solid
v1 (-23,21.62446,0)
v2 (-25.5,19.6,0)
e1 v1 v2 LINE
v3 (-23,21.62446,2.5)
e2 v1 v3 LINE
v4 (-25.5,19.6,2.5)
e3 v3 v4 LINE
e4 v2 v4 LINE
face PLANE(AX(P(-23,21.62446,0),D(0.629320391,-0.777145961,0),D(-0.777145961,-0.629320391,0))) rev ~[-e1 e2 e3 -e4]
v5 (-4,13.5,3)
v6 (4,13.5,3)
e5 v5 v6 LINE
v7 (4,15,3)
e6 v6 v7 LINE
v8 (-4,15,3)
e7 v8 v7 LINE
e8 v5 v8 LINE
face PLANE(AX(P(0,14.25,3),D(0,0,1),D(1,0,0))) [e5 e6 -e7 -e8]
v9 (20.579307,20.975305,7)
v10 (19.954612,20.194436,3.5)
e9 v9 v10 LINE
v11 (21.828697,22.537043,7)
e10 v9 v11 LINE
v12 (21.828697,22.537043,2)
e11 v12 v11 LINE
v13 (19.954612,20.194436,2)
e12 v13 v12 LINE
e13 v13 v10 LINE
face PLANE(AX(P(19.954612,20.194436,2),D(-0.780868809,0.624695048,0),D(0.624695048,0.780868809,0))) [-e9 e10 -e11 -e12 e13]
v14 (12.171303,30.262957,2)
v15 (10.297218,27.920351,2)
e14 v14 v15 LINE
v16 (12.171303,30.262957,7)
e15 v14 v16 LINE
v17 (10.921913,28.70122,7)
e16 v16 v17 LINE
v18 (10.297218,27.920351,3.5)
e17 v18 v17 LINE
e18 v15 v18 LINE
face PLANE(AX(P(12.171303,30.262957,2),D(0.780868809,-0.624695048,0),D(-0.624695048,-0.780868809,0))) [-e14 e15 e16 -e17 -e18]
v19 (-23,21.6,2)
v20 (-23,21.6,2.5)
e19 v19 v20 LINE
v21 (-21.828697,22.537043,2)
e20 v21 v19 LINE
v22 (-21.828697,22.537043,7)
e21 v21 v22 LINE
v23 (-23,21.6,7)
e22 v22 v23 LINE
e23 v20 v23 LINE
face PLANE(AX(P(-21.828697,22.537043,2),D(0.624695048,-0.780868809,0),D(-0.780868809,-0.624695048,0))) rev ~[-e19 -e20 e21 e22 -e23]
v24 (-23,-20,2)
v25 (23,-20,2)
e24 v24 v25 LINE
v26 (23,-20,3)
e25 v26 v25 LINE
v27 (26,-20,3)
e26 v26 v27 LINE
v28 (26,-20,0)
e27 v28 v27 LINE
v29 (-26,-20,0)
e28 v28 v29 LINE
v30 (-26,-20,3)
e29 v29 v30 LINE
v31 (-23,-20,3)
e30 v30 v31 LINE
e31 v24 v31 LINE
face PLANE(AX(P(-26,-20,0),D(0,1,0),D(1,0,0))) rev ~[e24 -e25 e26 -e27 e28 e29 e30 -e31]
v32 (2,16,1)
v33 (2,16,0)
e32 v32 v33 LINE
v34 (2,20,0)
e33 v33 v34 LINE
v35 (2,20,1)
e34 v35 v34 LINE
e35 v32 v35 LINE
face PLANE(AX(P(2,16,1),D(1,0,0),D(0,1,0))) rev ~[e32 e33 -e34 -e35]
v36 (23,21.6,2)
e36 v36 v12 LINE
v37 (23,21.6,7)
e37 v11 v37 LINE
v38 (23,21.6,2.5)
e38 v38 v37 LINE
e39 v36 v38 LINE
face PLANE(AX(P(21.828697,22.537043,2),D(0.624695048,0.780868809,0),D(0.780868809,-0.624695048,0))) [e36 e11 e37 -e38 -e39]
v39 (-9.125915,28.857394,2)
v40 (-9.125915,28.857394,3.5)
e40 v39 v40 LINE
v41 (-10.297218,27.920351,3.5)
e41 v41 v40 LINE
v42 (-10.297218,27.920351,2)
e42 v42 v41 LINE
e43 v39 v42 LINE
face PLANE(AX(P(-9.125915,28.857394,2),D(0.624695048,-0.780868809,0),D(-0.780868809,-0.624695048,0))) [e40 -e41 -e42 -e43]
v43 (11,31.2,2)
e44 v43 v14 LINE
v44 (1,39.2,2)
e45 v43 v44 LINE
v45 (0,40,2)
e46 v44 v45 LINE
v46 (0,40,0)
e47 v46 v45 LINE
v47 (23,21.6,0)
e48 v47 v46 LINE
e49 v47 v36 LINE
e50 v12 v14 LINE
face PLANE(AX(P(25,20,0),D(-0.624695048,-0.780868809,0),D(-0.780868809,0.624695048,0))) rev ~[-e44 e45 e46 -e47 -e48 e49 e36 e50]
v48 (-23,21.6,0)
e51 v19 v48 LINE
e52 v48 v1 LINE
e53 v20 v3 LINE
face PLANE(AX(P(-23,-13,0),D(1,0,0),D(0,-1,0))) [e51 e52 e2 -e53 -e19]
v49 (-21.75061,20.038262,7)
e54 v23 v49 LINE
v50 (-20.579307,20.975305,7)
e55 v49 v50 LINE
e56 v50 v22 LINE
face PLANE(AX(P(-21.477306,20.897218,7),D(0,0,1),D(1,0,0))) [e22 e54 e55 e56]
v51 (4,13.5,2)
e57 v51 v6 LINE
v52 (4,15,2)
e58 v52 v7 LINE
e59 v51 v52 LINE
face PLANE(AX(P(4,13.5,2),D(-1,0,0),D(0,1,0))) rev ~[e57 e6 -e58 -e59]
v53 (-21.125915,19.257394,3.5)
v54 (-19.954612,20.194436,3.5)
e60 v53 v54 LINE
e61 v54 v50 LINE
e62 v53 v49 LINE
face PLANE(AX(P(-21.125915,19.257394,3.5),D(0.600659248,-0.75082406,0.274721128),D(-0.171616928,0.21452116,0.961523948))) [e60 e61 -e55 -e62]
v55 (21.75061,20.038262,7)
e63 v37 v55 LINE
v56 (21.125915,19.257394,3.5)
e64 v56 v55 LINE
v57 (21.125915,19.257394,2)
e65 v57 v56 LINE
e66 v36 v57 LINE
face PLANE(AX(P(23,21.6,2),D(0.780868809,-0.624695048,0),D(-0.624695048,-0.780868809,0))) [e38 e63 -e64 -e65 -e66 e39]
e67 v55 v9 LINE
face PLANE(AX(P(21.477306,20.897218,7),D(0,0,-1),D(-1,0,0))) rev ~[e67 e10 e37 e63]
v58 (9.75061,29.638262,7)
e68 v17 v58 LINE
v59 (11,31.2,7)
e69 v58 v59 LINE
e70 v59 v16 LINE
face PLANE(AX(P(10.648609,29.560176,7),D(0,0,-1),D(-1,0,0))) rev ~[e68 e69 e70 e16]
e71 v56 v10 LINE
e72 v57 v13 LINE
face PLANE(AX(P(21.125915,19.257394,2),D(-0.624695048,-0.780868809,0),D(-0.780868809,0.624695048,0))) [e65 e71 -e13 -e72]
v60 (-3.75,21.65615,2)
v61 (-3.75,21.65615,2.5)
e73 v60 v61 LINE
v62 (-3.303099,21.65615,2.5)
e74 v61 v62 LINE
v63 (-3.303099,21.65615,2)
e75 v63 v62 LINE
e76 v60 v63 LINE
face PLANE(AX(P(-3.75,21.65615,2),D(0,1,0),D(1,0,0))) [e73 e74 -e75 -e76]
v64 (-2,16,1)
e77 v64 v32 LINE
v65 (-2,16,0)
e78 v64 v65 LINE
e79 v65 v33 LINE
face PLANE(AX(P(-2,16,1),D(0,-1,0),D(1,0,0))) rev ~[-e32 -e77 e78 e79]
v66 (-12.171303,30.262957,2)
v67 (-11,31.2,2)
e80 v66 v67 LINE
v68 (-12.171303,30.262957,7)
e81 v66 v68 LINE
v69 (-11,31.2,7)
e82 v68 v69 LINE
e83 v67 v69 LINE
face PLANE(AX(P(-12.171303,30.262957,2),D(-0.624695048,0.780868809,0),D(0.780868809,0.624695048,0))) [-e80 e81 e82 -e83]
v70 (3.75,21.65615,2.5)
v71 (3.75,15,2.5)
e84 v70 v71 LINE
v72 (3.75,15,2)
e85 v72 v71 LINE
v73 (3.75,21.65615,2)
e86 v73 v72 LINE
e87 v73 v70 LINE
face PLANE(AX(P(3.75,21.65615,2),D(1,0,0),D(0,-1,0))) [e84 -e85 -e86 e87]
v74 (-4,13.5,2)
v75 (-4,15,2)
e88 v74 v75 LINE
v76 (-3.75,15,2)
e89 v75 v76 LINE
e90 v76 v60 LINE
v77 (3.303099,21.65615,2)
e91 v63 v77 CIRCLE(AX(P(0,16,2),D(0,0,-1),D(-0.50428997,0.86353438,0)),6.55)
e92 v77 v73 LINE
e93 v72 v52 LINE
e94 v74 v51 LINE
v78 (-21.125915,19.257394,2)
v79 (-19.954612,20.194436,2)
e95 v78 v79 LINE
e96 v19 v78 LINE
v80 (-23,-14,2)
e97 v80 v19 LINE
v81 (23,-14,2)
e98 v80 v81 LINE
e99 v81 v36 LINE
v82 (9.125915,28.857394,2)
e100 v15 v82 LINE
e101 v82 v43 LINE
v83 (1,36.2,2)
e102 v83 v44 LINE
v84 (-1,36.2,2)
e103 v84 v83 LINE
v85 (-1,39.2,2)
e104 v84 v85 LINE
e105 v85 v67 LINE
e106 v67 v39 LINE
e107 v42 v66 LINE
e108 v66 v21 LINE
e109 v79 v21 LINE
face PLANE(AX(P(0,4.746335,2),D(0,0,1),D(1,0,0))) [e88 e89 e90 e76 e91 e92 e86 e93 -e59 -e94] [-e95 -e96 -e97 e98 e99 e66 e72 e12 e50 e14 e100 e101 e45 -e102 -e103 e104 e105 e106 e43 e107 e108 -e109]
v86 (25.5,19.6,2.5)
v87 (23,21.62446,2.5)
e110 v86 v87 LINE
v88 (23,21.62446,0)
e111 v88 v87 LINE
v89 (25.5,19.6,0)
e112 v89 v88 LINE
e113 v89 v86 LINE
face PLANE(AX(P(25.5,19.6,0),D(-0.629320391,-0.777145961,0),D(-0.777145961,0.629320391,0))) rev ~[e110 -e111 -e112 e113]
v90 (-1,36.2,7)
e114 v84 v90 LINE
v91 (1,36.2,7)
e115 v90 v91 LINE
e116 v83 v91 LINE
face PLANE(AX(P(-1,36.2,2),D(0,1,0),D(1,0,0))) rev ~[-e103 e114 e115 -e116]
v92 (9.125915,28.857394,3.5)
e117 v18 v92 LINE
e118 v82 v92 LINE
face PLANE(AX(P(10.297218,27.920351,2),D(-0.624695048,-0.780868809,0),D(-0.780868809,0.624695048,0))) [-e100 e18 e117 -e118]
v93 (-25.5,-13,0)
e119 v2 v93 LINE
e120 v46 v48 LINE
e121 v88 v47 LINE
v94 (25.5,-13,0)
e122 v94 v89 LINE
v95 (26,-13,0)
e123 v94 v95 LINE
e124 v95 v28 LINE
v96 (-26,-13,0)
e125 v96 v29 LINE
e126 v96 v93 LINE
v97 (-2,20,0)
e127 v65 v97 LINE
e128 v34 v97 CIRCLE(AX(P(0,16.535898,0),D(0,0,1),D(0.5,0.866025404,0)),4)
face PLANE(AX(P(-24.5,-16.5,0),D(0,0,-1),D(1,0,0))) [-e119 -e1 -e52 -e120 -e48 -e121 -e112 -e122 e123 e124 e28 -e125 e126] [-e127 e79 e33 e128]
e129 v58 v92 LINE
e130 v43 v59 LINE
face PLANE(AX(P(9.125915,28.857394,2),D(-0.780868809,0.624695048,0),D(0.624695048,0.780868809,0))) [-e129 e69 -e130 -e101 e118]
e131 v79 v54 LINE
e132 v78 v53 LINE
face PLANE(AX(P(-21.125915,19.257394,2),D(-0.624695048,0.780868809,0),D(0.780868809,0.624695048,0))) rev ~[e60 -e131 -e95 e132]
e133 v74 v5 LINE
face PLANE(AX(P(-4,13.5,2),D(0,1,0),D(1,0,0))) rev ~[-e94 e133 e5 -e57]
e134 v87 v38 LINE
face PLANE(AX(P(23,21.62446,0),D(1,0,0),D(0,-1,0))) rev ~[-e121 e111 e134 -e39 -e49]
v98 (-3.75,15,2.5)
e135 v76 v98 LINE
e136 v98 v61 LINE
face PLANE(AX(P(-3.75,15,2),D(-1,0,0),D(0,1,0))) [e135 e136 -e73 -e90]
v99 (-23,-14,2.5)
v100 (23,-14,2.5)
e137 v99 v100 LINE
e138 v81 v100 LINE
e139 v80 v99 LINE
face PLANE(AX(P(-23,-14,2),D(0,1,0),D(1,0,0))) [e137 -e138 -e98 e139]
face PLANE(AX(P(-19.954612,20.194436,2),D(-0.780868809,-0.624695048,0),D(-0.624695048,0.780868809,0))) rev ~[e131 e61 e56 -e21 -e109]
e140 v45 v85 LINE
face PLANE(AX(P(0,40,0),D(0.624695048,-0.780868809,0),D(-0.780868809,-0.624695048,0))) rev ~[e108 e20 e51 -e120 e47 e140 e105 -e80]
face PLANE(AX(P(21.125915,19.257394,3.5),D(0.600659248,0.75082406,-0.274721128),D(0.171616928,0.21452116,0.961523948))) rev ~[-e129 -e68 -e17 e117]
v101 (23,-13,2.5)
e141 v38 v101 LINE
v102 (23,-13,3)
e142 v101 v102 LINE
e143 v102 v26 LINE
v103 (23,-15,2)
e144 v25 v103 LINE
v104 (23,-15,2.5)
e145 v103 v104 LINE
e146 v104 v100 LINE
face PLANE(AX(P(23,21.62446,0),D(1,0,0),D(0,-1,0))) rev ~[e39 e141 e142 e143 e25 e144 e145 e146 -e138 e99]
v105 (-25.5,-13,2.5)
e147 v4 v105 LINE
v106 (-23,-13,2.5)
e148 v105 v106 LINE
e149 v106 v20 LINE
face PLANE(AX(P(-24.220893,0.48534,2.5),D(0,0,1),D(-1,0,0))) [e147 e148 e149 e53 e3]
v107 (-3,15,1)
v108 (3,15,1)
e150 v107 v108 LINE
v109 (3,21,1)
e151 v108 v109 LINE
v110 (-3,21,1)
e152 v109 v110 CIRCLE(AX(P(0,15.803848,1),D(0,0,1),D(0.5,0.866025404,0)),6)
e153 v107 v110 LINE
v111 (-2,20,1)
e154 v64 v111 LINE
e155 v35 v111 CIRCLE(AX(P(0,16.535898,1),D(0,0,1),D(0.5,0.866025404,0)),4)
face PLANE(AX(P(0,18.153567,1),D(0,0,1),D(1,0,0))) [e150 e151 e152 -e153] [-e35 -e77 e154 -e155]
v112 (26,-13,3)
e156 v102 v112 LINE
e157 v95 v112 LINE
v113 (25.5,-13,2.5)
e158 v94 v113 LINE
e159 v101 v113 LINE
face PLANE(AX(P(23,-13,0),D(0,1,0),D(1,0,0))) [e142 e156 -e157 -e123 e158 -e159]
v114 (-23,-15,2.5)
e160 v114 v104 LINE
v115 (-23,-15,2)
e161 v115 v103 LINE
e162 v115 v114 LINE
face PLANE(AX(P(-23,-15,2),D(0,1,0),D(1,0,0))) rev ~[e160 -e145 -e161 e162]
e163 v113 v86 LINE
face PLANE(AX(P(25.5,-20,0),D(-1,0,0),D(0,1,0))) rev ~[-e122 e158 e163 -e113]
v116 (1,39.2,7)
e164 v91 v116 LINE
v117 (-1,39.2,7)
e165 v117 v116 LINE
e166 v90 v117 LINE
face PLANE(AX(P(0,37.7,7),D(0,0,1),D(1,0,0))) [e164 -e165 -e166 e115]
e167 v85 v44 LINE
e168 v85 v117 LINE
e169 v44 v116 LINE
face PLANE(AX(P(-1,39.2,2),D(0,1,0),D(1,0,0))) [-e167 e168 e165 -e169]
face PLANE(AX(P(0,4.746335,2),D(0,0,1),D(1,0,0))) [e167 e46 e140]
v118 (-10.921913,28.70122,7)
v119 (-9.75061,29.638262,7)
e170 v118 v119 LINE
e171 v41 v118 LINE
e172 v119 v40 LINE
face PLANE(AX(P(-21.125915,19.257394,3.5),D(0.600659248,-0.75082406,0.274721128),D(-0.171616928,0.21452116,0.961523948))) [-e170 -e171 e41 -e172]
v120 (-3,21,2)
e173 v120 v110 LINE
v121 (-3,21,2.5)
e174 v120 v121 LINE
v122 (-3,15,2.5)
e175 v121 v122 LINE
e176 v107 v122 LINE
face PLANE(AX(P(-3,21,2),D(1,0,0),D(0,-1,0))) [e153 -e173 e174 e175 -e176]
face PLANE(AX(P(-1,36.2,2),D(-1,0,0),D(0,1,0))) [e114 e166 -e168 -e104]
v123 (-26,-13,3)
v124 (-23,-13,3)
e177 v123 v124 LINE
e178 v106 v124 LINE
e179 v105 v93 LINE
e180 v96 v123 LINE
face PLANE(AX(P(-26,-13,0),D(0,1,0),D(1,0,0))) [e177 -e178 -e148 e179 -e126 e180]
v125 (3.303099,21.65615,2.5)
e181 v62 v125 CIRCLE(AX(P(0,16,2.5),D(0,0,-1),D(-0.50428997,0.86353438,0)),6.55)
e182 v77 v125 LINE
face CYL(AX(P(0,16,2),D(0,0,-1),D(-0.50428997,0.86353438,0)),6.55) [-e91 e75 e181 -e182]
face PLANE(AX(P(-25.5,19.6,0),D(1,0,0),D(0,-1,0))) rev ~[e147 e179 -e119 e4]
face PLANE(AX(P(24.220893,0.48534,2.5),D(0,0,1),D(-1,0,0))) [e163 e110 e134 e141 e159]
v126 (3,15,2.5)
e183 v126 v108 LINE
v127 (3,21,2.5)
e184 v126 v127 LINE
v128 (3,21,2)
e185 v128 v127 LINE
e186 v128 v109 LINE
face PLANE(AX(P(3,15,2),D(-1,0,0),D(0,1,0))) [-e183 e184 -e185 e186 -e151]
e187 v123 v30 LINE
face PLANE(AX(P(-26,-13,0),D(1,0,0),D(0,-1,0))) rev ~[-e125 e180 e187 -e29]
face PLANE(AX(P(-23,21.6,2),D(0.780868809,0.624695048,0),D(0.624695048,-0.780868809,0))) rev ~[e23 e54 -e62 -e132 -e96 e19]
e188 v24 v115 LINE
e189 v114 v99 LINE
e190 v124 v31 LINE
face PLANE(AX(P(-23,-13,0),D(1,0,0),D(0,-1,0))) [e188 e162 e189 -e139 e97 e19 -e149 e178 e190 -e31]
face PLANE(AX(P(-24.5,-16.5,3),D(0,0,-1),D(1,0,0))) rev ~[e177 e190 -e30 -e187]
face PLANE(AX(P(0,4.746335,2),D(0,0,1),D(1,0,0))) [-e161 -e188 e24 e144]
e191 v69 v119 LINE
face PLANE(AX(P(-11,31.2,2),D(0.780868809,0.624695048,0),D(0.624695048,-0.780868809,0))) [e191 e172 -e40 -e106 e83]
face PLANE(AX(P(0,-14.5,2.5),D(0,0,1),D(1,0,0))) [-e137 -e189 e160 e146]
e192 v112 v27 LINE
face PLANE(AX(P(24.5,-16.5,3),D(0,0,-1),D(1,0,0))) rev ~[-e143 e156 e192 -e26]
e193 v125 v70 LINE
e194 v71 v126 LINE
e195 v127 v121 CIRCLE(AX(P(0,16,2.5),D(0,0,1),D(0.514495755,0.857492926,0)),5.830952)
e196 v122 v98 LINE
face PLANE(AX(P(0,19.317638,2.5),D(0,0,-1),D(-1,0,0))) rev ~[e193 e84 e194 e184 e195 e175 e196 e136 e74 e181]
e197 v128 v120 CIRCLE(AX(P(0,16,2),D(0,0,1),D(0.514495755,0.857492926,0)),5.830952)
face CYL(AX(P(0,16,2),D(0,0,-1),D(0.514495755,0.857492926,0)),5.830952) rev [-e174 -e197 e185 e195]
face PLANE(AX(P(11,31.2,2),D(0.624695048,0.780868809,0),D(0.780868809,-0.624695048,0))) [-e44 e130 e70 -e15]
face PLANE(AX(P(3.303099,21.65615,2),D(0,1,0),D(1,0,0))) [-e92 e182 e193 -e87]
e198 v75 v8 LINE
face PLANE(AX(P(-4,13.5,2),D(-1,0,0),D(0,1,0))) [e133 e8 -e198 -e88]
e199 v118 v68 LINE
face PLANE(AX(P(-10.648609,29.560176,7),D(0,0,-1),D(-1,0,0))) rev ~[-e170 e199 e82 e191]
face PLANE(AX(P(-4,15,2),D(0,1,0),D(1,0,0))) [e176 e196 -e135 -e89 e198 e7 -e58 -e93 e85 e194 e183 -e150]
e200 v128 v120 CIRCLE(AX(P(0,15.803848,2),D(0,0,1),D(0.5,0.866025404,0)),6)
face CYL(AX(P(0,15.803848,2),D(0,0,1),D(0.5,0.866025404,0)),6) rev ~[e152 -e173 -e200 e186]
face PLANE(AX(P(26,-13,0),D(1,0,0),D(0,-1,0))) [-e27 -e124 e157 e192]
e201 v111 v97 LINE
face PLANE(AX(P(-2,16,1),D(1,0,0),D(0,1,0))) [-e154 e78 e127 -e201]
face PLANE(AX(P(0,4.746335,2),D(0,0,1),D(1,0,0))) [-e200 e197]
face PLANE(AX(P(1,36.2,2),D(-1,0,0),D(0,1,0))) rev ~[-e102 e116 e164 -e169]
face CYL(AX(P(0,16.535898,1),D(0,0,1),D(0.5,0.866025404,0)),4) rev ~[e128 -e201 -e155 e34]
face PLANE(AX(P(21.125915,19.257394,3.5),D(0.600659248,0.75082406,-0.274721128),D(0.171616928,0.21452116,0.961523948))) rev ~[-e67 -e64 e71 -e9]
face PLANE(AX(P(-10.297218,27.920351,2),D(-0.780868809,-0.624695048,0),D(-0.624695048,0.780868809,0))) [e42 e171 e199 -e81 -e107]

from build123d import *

# Parameters (mm, degrees)
PAD_DEPTH       = 2
POCKET_DEPTH    = 1
POCKET001_DEPTH = 5
SKETCH003_W     = 8
SKETCH003_H     = 1.5
PAD001_DEPTH    = 1
SKETCH006_W     = 3
SKETCH006_H     = 7
PAD004_DEPTH    = 3
PAD005_DEPTH    = 2.5
SKETCH008_W     = 46
SKETCH008_H     = 1
PAD006_DEPTH    = 0.5
PAD008_DEPTH    = 0.5
SKETCH013_W     = 2
SKETCH013_H     = 3.0000000001
PAD009_DEPTH    = 5
POCKET002_DEPTH = 20
POCKET003_DEPTH = 20


with BuildPart() as part:
    # Sketch → Pad (new body)
    with BuildSketch(Plane.XY):
        Polygon((-25, -20), (25, -20), (25, 20), (0, 40), (-25, 20), align=None)
    extrude(amount=PAD_DEPTH)

    # Sketch001 → Pocket (cut)
    with BuildSketch(Plane.XY.offset(2)):
        with BuildLine():
            Line((-3, 15), (3, 15))
            Line((3, 15), (3, 21))
            ThreePointArc((3, 21), (0, 21.8038475773), (-3, 21))
            Line((-3, 15), (-3, 21))
        make_face()
    extrude(amount=-POCKET_DEPTH, mode=Mode.SUBTRACT)

    # Sketch002 → Pocket001 (cut)
    with BuildSketch(Plane.XY.offset(1)):
        with BuildLine():
            Line((-2, 16), (2, 16))
            Line((2, 16), (2, 20))
            ThreePointArc((2, 20), (0, 20.5358983849), (-2, 20))
            Line((-2, 16), (-2, 20))
        make_face()
    extrude(amount=-POCKET001_DEPTH, mode=Mode.SUBTRACT)

    # Sketch003 → Pad001 (new body)
    with BuildSketch(Plane.XY.offset(2)):
        with Locations((0, 14.25)):
            Rectangle(SKETCH003_W, SKETCH003_H)
    extrude(amount=PAD001_DEPTH)

    # Sketch006 → Pad004 (new body)
    with BuildSketch(Plane(origin=(0, 0, 0), x_dir=(1, 0, 0), z_dir=(0, 0, -1))):
        with Locations((-24.5, 16.5)):
            Rectangle(SKETCH006_W, SKETCH006_H)
        with Locations((24.5, 16.5)):
            Rectangle(SKETCH006_W, SKETCH006_H)
    extrude(amount=-PAD004_DEPTH)

    # Sketch007 → Pad005 (new body)
    with BuildSketch(Plane(origin=(0, 0, 0), x_dir=(1, 0, 0), z_dir=(0, 0, -1))):
        Polygon((-25.5, 20), (-23, 20), (-23, -21.624460083), (-25.5, -19.6), align=None)
        Polygon((23, 20), (25.5, 20), (25.5, -19.6), (23, -21.624460083), align=None)
    extrude(amount=-PAD005_DEPTH)

    # Sketch008 → Pad006 (new body)
    with BuildSketch(Plane.XY.offset(2)):
        with Locations((0, -14.5)):
            Rectangle(SKETCH008_W, SKETCH008_H)
    extrude(amount=PAD006_DEPTH)

    # Sketch012 → Pad008 (new body)
    with BuildSketch(Plane.XY.offset(2)):
        with BuildLine():
            Line((3.3030993045, 21.6561501911), (3.75, 21.6561501911))
            Line((3.75, 21.6561501911), (3.75, 15))
            Line((3.75, 15), (3, 15))
            Line((3, 15), (3, 21))
            ThreePointArc((3, 21), (0, 21.8309518948), (-3, 21))
            Line((-3, 21), (-3, 15))
            Line((-3, 15), (-3.75, 15))
            Line((-3.75, 15), (-3.75, 21.6561501911))
            Line((-3.75, 21.6561501911), (-3.3030993046, 21.6561501911))
            ThreePointArc((-3.3030993046, 21.6561501911), (0, 22.55), (3.3030993045, 21.6561501911))
        make_face()
    extrude(amount=PAD008_DEPTH)

    # Sketch013 → Pad009 (new body)
    with BuildSketch(Plane.XY.offset(2)):
        Polygon((-23, 21.6), (-21.1259148573, 19.2573935717), (-19.9546116432, 20.194436143), (-21.8286967858, 22.5370425713), align=None)
        Polygon((-12.1713032142, 30.2629574287), (-11, 31.2), (-9.1259148573, 28.8573935717), (-10.2972180715, 27.9203510003), align=None)
        with Locations((0, 37.7)):
            Rectangle(SKETCH013_W, SKETCH013_H)
        Polygon((11, 31.2), (12.1713032142, 30.2629574287), (10.2972180715, 27.9203510003), (9.1259148573, 28.8573935717), align=None)
        Polygon((21.8286967858, 22.5370425713), (23, 21.6), (21.1259148573, 19.2573935717), (19.9546116432, 20.194436143), align=None)
    extrude(amount=PAD009_DEPTH)

    # Sketch014 → Pocket002 (cut)
    with BuildSketch(Plane(origin=(-3.487804878, -2.7902439024, 0), x_dir=(0.6246950476, -0.7808688094, 0), z_dir=(-0.7808688094, -0.6246950476, 0))):
        Polygon((-29.2347523777, 7), (-28.2347523777, 7), (-28.2347523777, 3.5), align=None)
    extrude(amount=-POCKET002_DEPTH, mode=Mode.SUBTRACT)

    # Sketch015 → Pocket003 (cut)
    with BuildSketch(Plane(origin=(3.487804878, -2.7902439024, 0), x_dir=(0.6246950476, 0.7808688094, 0), z_dir=(0.7808688094, -0.6246950476, 0))):
        Polygon((29.2347523777, 7), (28.2347523777, 7), (28.2347523777, 3.5), align=None)
    extrude(amount=-POCKET003_DEPTH, mode=Mode.SUBTRACT)


solid = part.part
